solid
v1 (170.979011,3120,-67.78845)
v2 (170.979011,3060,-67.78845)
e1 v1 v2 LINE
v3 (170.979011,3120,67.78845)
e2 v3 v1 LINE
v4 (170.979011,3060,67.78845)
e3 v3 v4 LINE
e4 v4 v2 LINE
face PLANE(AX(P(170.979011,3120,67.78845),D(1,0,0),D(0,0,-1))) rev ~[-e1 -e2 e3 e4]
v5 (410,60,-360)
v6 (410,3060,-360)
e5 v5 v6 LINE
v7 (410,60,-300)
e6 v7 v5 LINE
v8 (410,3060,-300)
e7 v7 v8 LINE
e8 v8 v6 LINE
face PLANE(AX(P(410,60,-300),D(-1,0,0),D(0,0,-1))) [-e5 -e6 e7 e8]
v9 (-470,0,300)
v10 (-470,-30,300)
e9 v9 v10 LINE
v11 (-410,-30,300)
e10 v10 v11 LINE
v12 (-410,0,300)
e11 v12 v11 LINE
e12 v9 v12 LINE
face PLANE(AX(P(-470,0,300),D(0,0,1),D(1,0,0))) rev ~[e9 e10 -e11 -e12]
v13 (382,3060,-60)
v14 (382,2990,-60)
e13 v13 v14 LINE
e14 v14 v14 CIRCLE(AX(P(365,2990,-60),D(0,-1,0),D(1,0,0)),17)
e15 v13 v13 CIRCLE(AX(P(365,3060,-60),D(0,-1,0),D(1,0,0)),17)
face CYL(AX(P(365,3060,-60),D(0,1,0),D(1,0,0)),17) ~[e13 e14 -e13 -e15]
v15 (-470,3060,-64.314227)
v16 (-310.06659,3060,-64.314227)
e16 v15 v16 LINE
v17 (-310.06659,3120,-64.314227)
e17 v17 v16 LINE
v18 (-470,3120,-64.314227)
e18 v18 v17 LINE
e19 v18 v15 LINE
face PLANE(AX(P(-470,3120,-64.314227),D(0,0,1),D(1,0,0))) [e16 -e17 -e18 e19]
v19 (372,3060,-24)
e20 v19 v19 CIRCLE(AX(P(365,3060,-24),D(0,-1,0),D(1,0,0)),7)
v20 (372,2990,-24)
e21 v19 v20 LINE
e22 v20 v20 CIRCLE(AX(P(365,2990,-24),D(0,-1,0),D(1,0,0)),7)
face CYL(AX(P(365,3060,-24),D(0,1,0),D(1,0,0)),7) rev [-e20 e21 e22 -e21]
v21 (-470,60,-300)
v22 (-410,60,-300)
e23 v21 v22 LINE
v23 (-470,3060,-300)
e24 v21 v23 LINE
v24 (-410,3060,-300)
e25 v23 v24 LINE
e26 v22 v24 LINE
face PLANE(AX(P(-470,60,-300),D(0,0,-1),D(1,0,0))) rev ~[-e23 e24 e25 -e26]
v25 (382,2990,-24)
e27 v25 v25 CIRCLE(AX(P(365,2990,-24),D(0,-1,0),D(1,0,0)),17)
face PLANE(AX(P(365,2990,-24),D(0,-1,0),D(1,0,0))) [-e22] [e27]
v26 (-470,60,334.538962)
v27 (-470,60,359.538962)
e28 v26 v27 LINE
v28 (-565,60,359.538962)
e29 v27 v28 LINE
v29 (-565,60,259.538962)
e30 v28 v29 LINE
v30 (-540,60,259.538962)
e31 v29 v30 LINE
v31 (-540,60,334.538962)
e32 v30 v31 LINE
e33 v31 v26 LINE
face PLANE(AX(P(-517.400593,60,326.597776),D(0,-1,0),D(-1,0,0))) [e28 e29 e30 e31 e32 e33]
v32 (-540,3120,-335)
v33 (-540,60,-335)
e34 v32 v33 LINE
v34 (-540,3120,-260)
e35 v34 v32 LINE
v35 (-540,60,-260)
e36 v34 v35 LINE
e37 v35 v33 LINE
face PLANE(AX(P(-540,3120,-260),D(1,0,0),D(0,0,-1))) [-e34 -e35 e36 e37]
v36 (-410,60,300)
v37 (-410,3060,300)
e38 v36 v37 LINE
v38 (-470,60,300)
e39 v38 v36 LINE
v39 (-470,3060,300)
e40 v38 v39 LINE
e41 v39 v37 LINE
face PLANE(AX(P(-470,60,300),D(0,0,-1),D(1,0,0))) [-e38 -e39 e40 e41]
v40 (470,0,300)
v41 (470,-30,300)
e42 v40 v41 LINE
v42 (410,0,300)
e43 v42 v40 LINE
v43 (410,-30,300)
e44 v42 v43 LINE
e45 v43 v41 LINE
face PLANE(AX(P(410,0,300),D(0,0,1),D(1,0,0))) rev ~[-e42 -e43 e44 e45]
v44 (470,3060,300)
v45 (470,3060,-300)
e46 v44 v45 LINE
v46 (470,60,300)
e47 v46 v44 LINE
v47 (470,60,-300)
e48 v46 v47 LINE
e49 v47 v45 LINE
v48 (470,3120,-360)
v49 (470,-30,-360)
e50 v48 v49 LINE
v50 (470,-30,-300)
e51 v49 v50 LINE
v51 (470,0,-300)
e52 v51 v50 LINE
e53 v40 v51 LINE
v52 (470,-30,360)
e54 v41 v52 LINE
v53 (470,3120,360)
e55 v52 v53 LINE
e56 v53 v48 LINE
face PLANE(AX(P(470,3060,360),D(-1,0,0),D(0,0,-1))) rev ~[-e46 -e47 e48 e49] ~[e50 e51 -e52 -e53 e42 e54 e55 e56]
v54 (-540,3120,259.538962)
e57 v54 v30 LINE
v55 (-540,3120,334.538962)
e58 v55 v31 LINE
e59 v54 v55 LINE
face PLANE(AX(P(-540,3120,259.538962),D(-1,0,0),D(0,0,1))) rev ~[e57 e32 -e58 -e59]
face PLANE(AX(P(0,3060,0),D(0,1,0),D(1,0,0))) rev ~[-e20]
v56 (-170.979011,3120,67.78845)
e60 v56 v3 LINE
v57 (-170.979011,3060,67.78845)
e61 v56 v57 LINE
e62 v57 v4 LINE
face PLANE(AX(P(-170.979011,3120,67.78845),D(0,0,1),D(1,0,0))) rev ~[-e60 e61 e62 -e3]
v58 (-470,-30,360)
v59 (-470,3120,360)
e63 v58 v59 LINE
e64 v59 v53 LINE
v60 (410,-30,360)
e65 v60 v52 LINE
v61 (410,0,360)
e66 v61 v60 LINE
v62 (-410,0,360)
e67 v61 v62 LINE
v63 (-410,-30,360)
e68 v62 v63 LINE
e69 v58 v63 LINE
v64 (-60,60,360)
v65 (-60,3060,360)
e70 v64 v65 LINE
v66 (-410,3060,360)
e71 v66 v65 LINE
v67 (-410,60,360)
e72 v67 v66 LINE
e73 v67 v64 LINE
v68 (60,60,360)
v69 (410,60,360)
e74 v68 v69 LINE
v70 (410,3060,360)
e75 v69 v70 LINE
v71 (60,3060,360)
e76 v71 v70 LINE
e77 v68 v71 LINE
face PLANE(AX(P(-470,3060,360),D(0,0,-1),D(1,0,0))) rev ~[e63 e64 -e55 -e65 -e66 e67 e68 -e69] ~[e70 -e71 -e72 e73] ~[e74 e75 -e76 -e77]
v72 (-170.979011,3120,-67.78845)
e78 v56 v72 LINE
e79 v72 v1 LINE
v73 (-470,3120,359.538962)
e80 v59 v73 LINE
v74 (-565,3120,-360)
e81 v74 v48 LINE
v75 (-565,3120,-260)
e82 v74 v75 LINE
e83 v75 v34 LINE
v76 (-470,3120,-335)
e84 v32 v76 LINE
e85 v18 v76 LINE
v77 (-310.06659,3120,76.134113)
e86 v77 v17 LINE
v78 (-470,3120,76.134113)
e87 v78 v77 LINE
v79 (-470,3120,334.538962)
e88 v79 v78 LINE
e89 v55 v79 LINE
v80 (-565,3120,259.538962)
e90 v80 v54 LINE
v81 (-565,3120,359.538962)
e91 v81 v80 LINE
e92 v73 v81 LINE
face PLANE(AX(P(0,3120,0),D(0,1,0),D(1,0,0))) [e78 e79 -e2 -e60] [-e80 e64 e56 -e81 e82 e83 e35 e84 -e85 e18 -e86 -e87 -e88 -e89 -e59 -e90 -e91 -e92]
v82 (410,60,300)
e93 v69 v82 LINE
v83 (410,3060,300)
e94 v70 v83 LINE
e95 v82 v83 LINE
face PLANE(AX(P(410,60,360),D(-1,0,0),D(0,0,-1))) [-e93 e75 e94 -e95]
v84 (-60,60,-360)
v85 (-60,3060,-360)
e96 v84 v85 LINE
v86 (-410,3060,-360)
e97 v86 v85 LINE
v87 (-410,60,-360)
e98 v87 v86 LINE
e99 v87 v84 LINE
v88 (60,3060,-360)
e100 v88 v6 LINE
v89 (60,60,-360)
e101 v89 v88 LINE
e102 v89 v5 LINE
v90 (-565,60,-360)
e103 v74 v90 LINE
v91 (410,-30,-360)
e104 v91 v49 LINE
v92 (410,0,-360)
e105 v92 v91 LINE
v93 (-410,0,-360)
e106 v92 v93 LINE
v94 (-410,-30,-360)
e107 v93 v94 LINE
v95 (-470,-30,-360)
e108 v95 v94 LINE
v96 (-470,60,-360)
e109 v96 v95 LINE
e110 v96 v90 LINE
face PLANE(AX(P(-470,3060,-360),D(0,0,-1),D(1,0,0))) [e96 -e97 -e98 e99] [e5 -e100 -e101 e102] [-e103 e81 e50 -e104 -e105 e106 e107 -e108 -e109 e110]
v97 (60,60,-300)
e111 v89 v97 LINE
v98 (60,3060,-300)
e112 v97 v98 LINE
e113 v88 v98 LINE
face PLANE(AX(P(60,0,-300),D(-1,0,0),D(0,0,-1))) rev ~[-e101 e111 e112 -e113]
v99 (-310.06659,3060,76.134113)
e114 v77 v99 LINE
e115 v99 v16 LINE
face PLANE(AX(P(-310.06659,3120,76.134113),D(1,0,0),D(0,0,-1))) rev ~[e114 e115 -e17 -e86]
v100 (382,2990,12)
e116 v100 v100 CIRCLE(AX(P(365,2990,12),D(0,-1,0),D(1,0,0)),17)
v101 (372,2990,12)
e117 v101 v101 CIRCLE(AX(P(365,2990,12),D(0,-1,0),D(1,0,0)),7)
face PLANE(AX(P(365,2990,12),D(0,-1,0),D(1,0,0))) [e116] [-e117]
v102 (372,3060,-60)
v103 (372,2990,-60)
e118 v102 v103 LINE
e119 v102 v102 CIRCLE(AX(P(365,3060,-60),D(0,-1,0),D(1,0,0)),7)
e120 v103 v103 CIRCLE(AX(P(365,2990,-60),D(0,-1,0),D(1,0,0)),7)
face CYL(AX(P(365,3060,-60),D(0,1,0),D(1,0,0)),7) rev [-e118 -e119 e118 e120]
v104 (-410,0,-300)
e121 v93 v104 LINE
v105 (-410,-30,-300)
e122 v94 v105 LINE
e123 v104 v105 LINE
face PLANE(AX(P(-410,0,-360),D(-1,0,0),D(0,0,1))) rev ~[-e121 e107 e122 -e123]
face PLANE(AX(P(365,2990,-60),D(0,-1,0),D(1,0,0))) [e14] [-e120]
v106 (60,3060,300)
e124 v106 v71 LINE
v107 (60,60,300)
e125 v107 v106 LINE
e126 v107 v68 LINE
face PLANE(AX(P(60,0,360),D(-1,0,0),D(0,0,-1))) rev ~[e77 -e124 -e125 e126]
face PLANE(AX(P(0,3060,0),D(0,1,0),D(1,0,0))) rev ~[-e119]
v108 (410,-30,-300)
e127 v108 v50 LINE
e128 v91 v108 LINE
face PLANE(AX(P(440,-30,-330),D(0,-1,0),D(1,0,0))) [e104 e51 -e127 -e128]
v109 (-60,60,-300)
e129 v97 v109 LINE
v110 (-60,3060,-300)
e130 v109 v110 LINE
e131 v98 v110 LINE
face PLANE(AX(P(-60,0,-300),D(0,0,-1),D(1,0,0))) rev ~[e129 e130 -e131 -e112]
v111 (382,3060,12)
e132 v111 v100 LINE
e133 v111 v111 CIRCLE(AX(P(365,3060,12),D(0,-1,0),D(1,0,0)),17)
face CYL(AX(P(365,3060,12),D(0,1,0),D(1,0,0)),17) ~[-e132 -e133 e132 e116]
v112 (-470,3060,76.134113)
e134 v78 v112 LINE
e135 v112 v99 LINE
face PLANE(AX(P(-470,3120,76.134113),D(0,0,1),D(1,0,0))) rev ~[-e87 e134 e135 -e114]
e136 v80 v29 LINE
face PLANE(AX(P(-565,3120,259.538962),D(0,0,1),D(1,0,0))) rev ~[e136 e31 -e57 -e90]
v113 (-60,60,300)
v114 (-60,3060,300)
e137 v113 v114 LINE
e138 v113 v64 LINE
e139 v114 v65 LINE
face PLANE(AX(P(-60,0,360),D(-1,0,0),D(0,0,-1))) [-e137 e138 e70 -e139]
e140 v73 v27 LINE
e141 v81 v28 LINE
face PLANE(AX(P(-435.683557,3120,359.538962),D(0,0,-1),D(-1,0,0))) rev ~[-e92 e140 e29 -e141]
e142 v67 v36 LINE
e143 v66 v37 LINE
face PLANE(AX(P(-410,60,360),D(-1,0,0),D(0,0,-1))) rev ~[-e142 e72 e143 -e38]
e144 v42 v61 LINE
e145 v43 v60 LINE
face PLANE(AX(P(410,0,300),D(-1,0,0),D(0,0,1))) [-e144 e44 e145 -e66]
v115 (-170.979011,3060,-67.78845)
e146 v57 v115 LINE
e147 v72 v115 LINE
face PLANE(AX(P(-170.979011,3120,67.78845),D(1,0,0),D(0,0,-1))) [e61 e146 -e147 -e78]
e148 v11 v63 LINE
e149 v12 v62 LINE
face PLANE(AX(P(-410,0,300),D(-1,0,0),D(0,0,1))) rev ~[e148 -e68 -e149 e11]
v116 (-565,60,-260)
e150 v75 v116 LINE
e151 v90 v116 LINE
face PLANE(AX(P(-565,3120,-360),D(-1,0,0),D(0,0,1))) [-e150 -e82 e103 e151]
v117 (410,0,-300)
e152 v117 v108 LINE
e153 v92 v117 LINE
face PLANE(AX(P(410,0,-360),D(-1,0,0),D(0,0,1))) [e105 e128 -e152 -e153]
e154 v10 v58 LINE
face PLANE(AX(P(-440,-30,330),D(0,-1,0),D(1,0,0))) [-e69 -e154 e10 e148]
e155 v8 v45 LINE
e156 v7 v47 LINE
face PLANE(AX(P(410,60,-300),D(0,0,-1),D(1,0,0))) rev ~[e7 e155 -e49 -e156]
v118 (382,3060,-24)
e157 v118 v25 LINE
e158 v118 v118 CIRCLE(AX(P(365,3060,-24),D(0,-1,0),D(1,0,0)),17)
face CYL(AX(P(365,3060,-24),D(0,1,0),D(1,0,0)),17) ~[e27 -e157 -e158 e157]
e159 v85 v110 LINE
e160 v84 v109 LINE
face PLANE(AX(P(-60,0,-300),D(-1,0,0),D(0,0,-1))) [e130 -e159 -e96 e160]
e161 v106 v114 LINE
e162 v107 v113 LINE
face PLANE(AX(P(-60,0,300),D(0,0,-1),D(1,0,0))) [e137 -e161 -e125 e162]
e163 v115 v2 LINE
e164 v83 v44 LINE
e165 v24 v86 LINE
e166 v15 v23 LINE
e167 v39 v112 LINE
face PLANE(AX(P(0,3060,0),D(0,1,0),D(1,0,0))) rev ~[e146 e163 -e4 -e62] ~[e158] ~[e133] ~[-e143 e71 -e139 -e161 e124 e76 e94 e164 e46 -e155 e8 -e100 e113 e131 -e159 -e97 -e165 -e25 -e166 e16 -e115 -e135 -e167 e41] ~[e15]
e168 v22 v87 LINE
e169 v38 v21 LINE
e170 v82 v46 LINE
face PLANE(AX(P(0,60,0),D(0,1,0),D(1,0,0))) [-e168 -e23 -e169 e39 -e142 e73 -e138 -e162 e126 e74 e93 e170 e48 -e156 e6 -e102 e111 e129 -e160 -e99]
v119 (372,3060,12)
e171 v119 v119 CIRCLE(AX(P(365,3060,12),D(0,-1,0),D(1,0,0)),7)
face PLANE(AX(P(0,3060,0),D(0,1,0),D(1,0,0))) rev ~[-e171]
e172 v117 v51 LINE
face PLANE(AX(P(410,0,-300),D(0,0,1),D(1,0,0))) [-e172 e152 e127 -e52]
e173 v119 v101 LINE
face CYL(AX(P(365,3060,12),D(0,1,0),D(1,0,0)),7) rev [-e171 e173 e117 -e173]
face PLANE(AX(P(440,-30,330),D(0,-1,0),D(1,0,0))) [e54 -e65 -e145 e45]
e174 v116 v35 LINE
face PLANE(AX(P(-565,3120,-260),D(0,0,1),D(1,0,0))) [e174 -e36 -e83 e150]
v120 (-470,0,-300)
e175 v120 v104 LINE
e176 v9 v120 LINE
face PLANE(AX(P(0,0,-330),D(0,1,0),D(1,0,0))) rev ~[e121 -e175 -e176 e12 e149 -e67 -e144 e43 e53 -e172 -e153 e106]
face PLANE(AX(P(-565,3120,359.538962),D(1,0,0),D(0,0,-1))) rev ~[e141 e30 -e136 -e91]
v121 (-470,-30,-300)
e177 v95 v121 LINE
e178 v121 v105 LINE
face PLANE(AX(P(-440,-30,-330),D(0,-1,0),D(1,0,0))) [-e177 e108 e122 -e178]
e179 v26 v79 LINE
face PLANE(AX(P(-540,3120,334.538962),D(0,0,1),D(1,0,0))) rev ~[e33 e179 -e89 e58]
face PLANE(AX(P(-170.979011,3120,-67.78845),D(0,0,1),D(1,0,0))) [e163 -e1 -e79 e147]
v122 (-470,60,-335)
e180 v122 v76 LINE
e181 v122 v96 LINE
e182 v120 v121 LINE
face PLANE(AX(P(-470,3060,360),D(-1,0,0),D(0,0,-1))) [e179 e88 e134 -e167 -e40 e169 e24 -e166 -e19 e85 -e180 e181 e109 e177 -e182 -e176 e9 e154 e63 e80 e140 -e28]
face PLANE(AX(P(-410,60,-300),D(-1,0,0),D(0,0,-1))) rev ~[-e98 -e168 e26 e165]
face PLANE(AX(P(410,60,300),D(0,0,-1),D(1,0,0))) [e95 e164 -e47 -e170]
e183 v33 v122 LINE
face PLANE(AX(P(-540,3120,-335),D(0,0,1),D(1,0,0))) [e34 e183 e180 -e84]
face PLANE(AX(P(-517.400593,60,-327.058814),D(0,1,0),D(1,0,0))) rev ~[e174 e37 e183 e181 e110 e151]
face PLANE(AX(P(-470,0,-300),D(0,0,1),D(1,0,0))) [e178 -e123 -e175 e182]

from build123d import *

# Parameters (mm, degrees)
SKETCH1_W            = 940
SKETCH1_H            = 720
BOSS_EXTRUDE1_DEPTH  = 60
SKETCH2_W            = 60
SKETCH2_H            = 60
BOSS_EXTRUDE2_DEPTH  = 3000
SKETCH3_W            = 60
SKETCH3_H            = 60
BOSS_EXTRUDE3_DEPTH  = 30
SKETCH4_W            = 940
SKETCH4_H            = 720
BOSS_EXTRUDE4_DEPTH  = 60
SKETCH5_W            = 120
SKETCH5_H            = 60
BOSS_EXTRUDE5_DEPTH  = 3120
SKETCH6_W            = 341.958021848
SKETCH6_H            = 135.576899716
CUT_EXTRUDE1_DEPTH   = 60
SKETCH8_R            = 17
SKETCH8_R_2          = 7
BOSS_EXTRUDE9_DEPTH  = 70
BOSS_EXTRUDE10_DEPTH = 3060
SKETCH15_W           = 159.933409955
SKETCH15_H           = 140.448340587
CUT_EXTRUDE2_DEPTH   = 60


with BuildPart() as part:
    # Sketch1 → Boss-Extrude1 (new body)
    with BuildSketch(Plane(origin=(0, 0, 0), x_dir=(1, 0, 0), z_dir=(0, 1, 0))):
        Rectangle(SKETCH1_W, SKETCH1_H)
    extrude(amount=BOSS_EXTRUDE1_DEPTH)

    # Sketch2 → Boss-Extrude2 (add)
    with BuildSketch(Plane(origin=(0, 60, 0), x_dir=(1, 0, 0), z_dir=(0, 1, 0))):
        with Locations((-440, 330)):
            Rectangle(SKETCH2_W, SKETCH2_H)
        with Locations((440, 330)):
            Rectangle(SKETCH2_W, SKETCH2_H)
        with Locations((440, -330)):
            Rectangle(SKETCH2_W, SKETCH2_H)
        with Locations((-440, -330)):
            Rectangle(SKETCH2_W, SKETCH2_H)
    extrude(amount=BOSS_EXTRUDE2_DEPTH)

    # Sketch3 → Boss-Extrude3 (add)
    with BuildSketch(Plane.XZ):
        with Locations((-440, 330)):
            Rectangle(SKETCH3_W, SKETCH3_H)
        with Locations((-440, -330)):
            Rectangle(SKETCH3_W, SKETCH3_H)
        with Locations((440, 330)):
            Rectangle(SKETCH3_W, SKETCH3_H)
        with Locations((440, -330)):
            Rectangle(SKETCH3_W, SKETCH3_H)
    extrude(amount=BOSS_EXTRUDE3_DEPTH)

    # Sketch4 → Boss-Extrude4 (add)
    with BuildSketch(Plane(origin=(0, 3060, 0), x_dir=(1, 0, 0), z_dir=(0, 1, 0))):
        Rectangle(SKETCH4_W, SKETCH4_H)
    extrude(amount=BOSS_EXTRUDE4_DEPTH)

    # Sketch5 → Boss-Extrude5 (add)
    with BuildSketch(Plane(origin=(0, 0, 0), x_dir=(1, 0, 0), z_dir=(0, 1, 0))):
        with Locations((0, 330)):
            Rectangle(SKETCH5_W, SKETCH5_H)
        with Locations((0, -330)):
            Rectangle(SKETCH5_W, SKETCH5_H)
    extrude(amount=BOSS_EXTRUDE5_DEPTH)

    # Sketch6 → Cut-Extrude1 (cut)
    with BuildSketch(Plane(origin=(0, 3120, 0), x_dir=(1, 0, 0), z_dir=(0, 1, 0))):
        Rectangle(SKETCH6_W, SKETCH6_H)
    extrude(amount=-CUT_EXTRUDE1_DEPTH, mode=Mode.SUBTRACT)

    # Sketch8 → Boss-Extrude9 (add)
    with BuildSketch(Plane.XZ.offset(-3060)):
        with Locations((365, 12)):
            Circle(SKETCH8_R)
        with Locations((365, 12)):
            Circle(SKETCH8_R_2, mode=Mode.SUBTRACT)
        with Locations((365, -60)):
            Circle(SKETCH8_R)
        with Locations((365, -60)):
            Circle(SKETCH8_R_2, mode=Mode.SUBTRACT)
        with Locations((365, -24)):
            Circle(SKETCH8_R)
        with Locations((365, -24)):
            Circle(SKETCH8_R_2, mode=Mode.SUBTRACT)
    extrude(amount=BOSS_EXTRUDE9_DEPTH)

    # Sketch13 → Boss-Extrude10 (add)
    with BuildSketch(Plane(origin=(0, 3120, 0), x_dir=(1, 0, 0), z_dir=(0, 1, 0))):
        Polygon((-435.683556983, 360), (-565, 360), (-565, 260), (-540, 260), (-540, 335), (-435.683556983, 335), align=None)
        Polygon((-435.683556983, -359.538961542), (-565, -359.538961542), (-565, -259.538961542), (-540, -259.538961542), (-540, -334.538961542), (-435.683556983, -334.538961542), align=None)
    extrude(amount=-BOSS_EXTRUDE10_DEPTH)

    # Sketch15 → Cut-Extrude2 (cut)
    with BuildSketch(Plane(origin=(0, 3120, 0), x_dir=(1, 0, 0), z_dir=(0, 1, 0))):
        with Locations((-390.033295023, -5.90994298)):
            Rectangle(SKETCH15_W, SKETCH15_H)
    extrude(amount=-CUT_EXTRUDE2_DEPTH, mode=Mode.SUBTRACT)


solid = part.part
